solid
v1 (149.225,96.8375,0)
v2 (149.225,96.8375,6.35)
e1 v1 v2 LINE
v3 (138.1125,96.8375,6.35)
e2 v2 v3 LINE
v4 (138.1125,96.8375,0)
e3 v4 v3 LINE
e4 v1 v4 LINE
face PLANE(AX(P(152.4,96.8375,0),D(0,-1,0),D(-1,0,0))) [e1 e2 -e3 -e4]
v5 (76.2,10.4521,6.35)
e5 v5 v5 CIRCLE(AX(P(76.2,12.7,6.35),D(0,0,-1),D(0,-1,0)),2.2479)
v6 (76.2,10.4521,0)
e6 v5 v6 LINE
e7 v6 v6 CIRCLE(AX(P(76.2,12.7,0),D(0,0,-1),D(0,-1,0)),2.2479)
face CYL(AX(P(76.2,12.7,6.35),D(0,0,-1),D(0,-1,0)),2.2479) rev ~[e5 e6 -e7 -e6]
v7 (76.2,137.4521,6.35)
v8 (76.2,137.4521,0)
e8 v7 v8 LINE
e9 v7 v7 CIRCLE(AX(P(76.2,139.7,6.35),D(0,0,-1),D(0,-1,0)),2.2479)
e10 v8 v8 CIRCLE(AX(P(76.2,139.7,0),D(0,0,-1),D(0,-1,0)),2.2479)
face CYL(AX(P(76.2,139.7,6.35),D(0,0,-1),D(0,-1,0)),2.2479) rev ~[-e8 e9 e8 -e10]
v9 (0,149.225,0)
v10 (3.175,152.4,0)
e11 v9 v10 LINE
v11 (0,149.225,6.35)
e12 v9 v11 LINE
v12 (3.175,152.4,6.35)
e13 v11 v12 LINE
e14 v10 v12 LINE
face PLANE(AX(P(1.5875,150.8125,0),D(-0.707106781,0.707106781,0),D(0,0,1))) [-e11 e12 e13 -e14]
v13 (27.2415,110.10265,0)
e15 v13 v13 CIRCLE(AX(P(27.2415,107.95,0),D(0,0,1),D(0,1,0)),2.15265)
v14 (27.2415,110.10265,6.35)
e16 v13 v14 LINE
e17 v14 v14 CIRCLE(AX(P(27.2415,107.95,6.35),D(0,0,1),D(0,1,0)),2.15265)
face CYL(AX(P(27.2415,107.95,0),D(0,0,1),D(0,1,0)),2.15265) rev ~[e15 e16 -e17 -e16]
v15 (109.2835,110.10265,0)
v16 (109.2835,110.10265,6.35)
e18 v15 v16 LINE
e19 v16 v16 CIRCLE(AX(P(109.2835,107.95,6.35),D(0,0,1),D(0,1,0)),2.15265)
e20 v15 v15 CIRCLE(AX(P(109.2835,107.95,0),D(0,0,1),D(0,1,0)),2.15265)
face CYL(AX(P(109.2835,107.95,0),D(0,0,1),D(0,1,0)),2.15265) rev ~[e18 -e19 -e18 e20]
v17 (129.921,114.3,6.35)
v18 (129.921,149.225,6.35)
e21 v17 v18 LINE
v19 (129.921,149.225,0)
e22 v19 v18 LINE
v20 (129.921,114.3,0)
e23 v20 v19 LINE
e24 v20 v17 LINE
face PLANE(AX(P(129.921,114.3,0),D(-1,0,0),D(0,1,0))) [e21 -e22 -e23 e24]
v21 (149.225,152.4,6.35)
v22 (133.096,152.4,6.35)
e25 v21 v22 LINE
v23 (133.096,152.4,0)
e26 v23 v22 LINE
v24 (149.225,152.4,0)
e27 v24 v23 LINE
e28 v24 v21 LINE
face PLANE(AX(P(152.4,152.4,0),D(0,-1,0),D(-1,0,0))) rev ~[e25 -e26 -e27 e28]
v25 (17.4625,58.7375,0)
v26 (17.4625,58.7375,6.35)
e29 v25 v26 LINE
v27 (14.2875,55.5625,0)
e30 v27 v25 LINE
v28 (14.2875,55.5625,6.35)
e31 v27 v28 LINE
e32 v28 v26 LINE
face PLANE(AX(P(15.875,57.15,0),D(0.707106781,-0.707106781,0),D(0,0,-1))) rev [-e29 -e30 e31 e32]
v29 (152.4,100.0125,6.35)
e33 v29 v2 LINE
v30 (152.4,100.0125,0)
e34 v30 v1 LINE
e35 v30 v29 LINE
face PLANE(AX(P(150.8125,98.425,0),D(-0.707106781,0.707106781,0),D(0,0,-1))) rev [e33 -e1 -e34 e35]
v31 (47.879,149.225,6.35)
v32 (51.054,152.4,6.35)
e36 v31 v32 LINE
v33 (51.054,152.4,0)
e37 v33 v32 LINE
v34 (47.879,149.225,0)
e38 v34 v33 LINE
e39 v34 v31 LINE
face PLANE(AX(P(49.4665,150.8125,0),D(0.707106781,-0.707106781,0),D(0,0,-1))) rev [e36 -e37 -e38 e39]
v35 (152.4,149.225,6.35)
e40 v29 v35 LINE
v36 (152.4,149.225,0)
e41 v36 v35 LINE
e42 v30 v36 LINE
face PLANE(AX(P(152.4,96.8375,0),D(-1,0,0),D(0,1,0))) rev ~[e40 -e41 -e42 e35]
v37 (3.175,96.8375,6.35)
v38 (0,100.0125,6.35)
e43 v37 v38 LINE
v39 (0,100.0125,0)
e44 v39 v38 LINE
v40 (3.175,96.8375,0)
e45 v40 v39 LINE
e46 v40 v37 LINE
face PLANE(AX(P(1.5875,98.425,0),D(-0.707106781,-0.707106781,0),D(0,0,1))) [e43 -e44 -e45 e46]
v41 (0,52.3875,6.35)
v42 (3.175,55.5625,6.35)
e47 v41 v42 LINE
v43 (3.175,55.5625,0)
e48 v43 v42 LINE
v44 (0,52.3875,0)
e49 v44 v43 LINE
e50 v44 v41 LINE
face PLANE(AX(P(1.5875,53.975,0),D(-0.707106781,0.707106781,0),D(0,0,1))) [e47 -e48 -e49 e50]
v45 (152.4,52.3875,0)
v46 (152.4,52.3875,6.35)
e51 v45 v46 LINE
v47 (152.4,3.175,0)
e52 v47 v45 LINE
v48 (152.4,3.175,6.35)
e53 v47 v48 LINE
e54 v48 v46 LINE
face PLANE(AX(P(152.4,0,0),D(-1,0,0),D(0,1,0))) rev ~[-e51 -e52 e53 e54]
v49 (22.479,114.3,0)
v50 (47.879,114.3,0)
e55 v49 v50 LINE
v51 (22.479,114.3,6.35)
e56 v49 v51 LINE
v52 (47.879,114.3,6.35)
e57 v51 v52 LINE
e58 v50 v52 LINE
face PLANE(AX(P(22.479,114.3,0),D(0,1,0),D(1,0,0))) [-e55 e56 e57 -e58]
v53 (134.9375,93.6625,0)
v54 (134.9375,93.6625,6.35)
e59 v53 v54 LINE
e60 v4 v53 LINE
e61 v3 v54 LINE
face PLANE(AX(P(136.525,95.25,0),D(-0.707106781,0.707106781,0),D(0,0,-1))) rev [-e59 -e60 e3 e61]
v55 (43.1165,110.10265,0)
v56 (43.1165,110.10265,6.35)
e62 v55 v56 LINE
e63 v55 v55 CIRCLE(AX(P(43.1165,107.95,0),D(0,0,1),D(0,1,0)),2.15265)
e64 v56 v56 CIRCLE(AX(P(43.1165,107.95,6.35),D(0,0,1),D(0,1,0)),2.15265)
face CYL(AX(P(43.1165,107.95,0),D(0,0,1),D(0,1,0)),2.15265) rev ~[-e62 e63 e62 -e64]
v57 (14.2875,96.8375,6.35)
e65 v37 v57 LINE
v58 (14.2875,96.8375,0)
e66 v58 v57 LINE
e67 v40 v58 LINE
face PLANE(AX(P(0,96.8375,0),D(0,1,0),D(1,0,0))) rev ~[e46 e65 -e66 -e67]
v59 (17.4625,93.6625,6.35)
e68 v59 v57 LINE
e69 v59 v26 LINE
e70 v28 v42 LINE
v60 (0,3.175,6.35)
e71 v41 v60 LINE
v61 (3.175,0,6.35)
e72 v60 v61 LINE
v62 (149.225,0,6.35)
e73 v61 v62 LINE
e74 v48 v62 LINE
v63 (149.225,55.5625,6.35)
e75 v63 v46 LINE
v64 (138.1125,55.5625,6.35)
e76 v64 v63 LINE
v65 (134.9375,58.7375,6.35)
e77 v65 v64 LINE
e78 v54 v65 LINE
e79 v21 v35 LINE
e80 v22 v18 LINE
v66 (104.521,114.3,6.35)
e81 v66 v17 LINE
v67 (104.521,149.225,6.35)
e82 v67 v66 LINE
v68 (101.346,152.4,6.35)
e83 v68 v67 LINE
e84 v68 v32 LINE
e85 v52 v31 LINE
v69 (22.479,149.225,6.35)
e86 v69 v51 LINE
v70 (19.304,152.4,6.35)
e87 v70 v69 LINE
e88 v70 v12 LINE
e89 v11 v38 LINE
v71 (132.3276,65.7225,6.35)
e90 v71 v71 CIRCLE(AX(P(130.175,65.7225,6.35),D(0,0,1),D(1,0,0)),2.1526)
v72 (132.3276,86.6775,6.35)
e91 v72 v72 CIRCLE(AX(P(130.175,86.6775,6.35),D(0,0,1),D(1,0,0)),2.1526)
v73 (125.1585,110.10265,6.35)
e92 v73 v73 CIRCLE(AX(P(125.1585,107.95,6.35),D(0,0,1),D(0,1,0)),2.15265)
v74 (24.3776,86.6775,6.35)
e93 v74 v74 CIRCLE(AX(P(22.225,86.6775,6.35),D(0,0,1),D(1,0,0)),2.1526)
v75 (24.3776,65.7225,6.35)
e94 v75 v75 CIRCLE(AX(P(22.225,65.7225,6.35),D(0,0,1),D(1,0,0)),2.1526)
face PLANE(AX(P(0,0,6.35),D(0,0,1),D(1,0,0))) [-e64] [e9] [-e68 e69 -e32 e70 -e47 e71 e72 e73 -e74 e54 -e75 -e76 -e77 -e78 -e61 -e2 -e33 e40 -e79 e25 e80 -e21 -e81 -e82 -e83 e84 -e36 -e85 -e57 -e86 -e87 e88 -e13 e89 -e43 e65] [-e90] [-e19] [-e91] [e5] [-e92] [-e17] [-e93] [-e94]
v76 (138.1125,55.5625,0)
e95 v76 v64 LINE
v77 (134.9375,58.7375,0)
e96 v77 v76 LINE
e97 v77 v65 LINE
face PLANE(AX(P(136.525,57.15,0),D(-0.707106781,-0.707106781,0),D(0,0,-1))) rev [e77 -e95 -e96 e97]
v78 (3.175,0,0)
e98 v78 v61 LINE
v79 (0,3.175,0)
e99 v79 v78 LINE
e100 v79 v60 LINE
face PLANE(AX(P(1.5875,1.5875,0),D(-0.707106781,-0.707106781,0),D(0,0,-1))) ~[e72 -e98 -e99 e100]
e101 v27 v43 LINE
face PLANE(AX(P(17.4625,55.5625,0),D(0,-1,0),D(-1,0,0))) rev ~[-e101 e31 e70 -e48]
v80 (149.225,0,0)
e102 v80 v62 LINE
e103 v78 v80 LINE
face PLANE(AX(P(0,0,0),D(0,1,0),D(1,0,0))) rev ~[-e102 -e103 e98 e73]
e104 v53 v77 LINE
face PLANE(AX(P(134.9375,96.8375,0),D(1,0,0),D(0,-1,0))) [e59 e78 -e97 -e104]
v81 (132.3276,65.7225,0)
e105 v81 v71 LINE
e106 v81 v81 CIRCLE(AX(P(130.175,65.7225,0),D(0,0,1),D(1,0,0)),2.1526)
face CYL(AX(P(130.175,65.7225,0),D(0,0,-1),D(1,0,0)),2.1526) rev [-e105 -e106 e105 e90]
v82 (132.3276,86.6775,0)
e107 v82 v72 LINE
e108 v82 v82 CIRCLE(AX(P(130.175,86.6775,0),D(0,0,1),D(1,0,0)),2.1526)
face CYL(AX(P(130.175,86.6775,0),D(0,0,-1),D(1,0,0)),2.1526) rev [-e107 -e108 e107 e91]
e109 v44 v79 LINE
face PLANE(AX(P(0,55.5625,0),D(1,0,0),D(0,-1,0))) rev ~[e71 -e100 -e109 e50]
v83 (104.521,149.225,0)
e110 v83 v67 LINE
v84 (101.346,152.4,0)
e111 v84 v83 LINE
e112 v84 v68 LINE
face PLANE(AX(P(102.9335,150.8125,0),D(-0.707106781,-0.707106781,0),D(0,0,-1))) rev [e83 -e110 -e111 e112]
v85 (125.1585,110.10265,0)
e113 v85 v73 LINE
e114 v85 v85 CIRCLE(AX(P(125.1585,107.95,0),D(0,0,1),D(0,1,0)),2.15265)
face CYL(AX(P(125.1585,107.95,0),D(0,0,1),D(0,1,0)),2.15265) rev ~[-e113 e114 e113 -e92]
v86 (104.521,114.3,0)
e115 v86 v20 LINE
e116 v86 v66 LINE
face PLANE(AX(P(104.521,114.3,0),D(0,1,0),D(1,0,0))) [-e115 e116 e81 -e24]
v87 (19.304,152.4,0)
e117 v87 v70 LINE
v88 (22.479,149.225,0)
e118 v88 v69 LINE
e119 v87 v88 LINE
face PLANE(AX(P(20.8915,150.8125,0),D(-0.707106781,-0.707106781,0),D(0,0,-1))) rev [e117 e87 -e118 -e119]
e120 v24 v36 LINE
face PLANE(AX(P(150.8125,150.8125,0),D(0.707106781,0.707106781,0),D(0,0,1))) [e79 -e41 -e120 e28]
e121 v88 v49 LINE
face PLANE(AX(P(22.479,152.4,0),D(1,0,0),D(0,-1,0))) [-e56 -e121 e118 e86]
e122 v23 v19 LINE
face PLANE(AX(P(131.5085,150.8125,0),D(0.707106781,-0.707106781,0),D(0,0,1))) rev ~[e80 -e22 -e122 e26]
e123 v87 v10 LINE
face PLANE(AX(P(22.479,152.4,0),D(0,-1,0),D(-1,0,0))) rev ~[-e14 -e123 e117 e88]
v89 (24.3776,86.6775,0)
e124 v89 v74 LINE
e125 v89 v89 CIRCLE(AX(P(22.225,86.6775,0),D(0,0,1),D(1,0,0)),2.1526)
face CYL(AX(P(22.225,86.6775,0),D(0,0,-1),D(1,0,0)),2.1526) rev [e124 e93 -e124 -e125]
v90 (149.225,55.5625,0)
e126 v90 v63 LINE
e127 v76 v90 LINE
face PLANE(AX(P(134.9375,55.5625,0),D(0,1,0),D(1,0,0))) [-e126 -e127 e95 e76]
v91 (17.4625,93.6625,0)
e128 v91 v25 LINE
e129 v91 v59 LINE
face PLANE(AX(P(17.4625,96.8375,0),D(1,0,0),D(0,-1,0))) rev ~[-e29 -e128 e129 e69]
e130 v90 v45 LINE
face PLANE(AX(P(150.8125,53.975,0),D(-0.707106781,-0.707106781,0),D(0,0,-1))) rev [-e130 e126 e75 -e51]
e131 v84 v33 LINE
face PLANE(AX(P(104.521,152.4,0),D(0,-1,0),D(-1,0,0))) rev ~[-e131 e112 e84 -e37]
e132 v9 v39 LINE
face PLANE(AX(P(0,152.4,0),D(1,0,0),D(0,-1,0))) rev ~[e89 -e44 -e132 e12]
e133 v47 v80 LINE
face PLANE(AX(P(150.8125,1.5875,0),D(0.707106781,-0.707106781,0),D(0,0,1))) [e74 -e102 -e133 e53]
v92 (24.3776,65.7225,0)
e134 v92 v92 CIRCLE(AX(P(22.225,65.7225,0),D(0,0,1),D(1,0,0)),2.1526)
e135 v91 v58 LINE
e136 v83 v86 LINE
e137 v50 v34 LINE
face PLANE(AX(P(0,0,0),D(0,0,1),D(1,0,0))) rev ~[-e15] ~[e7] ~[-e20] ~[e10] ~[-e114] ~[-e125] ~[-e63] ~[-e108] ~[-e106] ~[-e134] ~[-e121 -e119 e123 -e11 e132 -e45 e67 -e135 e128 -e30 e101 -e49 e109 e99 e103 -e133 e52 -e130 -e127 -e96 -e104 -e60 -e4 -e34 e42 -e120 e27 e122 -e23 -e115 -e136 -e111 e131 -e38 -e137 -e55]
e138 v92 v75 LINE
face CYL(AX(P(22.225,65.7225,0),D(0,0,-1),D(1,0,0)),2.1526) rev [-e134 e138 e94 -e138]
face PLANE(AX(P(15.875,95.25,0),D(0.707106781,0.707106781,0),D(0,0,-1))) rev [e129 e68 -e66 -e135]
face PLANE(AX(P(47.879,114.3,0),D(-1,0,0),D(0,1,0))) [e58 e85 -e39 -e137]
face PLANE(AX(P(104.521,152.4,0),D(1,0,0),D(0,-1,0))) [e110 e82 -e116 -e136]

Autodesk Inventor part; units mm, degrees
ref_plane "YZ Plane" through (0, 0, 0) normal (1, 0, 0) x (0, 1, 0)
ref_plane "XZ Plane" through (0, 0, 0) normal (0, 1, 0) x (-1, 0, 0)
ref_plane "XY Plane" through (0, 0, 0) normal (0, 0, 1) x (1, 0, 0)
sketch "Sketch1" plane through (0, 0, 0) normal (0, 0, 1) x (1, 0, 0)
  line L0 (0, 0) -> (152.4, 0)
  line L1 (152.4, 96.8375) -> (134.9375, 96.8375)
  line L2 (134.9375, 96.8375) -> (134.9375, 55.5625)
  line L3 (134.9375, 55.5625) -> (152.4, 55.5625)
  line L4 (0, 96.8375) -> (17.4625, 96.8375)
  line L5 (17.4625, 96.8375) -> (17.4625, 55.5625)
  line L6 (17.4625, 55.5625) -> (0, 55.5625)
  line L7 (152.4, 0) -> (152.4, 55.5625)
  line L8 (152.4, 96.8375) -> (152.4, 152.4)
  line L9 (0, 152.4) -> (0, 96.8375)
  line L10 (0, 55.5625) -> (0, 0)
  circle A0 centre (22.225, 86.6775) radius 2.1526
  circle A1 centre (22.225, 65.7225) radius 2.1526
  circle A2 centre (130.175, 86.6775) radius 2.1526
  circle A3 centre (130.175, 65.7225) radius 2.1526
  line L11 (22.479, 152.4) -> (22.479, 114.3)
  line L12 (22.479, 114.3) -> (47.879, 114.3)
  line L13 (47.879, 114.3) -> (47.879, 152.4)
  line L14 (104.521, 152.4) -> (104.521, 114.3)
  line L15 (104.521, 114.3) -> (129.921, 114.3)
  line L16 (129.921, 114.3) -> (129.921, 152.4)
  line L17 (22.479, 152.4) -> (0, 152.4)
  line L18 (152.4, 152.4) -> (129.921, 152.4)
  line L19 (104.521, 152.4) -> (47.879, 152.4)
  dimension "d0" = 152.4
  dimension "d1" = 152.4
  dimension "d2" = 41.275
  dimension "d3" = 55.5625
  dimension "d4" = 17.4625
  dimension "d5" = 41.275
  dimension "d6" = 17.4625
  dimension "d7" = 55.5625
  dimension "d8" = 152.4
  dimension "d10" = 4.3053
  dimension "d11" = 4.3053
  dimension "d12" = 4.3053
  dimension "d13" = 4.3053
  dimension "d15" = 22.225
  dimension "d16" = 22.225
  dimension "d17" = 22.225
  dimension "d18" = 22.225
  dimension "d19" = 10.16
  dimension "d20" = 10.16
  dimension "d21" = 10.16
  dimension "d22" = 10.16
  dimension "d28" = 107.442
  dimension "d29" = 25.4
  dimension "d30" = 25.4
  dimension "d31" = 22.479
  dimension "d32" = 38.1
extrude "Extrusion1" add sketch "Sketch1" along normal blind 6.35
chamfer "Chamfer1" distance 3.175 angle 45 12 edges at (0, 55.5625, 3.175) (17.4625, 55.5625, 3.175) (17.4625, 96.8375, 3.175) (0, 96.8375, 3.175) (152.4, 55.5625, 3.175) (134.9375, 55.5625, 3.175) (134.9375, 96.8375, 3.175) (152.4, 96.8375, 3.175) (152.4, 0, 3.175) (0, 0, 3.175) (0, 152.4, 3.175) (152.4, 152.4, 3.175)
chamfer "Chamfer2" distance 3.175 angle 45 4 edges at (22.479, 152.4, 3.175) (47.879, 152.4, 3.175) (104.521, 152.4, 3.175) (129.921, 152.4, 3.175)
sketch "Sketch2" plane through (0, 0, 0) normal (0, 0, -1) x (-1, 0, 0)
  line L0 (-22.479, 114.3) -> (-22.479, 149.225) projected
  line L1 (-129.921, 114.3) -> (-104.521, 114.3) projected
  line L2 (-129.921, 149.225) -> (-129.921, 114.3) projected
  line L3 (-125.1585, 107.95) -> (-27.2415, 107.95) construction
  point P0 (0, 0)
  point P1 (-109.2835, 107.95)
  point P2 (-43.1165, 107.95)
  dimension "d37" = 15.875
  dimension "d39" = 15.875
  dimension "d40" = 4.7625
  dimension "d41" = 4.7625
  dimension "d42" = 6.35
hole "Hole1" at (109.2835, 107.95, 0) at (43.1165, 107.95, 0) at (27.2415, 107.95, 0) at (125.1585, 107.95, 0) direction (0, 0, 1) diameter 4.3053 end through all
sketch "Sketch3" plane through (0, 0, 6.35) normal (0, 0, 1) x (1, 0, 0)
  line L0 (101.346, 152.4) -> (51.054, 152.4) projected
  line L1 (3.175, 0) -> (149.225, 0) projected
  point P0 (0, 0)
  point P1 (76.2, 139.7)
  point P2 (76.2, 12.7)
  dimension "d50" = 76.2
  dimension "d51" = 76.2
  dimension "d52" = 12.7
  dimension "d53" = 12.7
hole "Hole2" at (76.2, 139.7, 6.35) at (76.2, 12.7, 6.35) direction (0, 0, -1) diameter 4.4958 end through all
equation "\"d31\" = -0.5 * d28 + 0.5 * d0"
equation "\"d41\" = d40"
properties part number "base"
